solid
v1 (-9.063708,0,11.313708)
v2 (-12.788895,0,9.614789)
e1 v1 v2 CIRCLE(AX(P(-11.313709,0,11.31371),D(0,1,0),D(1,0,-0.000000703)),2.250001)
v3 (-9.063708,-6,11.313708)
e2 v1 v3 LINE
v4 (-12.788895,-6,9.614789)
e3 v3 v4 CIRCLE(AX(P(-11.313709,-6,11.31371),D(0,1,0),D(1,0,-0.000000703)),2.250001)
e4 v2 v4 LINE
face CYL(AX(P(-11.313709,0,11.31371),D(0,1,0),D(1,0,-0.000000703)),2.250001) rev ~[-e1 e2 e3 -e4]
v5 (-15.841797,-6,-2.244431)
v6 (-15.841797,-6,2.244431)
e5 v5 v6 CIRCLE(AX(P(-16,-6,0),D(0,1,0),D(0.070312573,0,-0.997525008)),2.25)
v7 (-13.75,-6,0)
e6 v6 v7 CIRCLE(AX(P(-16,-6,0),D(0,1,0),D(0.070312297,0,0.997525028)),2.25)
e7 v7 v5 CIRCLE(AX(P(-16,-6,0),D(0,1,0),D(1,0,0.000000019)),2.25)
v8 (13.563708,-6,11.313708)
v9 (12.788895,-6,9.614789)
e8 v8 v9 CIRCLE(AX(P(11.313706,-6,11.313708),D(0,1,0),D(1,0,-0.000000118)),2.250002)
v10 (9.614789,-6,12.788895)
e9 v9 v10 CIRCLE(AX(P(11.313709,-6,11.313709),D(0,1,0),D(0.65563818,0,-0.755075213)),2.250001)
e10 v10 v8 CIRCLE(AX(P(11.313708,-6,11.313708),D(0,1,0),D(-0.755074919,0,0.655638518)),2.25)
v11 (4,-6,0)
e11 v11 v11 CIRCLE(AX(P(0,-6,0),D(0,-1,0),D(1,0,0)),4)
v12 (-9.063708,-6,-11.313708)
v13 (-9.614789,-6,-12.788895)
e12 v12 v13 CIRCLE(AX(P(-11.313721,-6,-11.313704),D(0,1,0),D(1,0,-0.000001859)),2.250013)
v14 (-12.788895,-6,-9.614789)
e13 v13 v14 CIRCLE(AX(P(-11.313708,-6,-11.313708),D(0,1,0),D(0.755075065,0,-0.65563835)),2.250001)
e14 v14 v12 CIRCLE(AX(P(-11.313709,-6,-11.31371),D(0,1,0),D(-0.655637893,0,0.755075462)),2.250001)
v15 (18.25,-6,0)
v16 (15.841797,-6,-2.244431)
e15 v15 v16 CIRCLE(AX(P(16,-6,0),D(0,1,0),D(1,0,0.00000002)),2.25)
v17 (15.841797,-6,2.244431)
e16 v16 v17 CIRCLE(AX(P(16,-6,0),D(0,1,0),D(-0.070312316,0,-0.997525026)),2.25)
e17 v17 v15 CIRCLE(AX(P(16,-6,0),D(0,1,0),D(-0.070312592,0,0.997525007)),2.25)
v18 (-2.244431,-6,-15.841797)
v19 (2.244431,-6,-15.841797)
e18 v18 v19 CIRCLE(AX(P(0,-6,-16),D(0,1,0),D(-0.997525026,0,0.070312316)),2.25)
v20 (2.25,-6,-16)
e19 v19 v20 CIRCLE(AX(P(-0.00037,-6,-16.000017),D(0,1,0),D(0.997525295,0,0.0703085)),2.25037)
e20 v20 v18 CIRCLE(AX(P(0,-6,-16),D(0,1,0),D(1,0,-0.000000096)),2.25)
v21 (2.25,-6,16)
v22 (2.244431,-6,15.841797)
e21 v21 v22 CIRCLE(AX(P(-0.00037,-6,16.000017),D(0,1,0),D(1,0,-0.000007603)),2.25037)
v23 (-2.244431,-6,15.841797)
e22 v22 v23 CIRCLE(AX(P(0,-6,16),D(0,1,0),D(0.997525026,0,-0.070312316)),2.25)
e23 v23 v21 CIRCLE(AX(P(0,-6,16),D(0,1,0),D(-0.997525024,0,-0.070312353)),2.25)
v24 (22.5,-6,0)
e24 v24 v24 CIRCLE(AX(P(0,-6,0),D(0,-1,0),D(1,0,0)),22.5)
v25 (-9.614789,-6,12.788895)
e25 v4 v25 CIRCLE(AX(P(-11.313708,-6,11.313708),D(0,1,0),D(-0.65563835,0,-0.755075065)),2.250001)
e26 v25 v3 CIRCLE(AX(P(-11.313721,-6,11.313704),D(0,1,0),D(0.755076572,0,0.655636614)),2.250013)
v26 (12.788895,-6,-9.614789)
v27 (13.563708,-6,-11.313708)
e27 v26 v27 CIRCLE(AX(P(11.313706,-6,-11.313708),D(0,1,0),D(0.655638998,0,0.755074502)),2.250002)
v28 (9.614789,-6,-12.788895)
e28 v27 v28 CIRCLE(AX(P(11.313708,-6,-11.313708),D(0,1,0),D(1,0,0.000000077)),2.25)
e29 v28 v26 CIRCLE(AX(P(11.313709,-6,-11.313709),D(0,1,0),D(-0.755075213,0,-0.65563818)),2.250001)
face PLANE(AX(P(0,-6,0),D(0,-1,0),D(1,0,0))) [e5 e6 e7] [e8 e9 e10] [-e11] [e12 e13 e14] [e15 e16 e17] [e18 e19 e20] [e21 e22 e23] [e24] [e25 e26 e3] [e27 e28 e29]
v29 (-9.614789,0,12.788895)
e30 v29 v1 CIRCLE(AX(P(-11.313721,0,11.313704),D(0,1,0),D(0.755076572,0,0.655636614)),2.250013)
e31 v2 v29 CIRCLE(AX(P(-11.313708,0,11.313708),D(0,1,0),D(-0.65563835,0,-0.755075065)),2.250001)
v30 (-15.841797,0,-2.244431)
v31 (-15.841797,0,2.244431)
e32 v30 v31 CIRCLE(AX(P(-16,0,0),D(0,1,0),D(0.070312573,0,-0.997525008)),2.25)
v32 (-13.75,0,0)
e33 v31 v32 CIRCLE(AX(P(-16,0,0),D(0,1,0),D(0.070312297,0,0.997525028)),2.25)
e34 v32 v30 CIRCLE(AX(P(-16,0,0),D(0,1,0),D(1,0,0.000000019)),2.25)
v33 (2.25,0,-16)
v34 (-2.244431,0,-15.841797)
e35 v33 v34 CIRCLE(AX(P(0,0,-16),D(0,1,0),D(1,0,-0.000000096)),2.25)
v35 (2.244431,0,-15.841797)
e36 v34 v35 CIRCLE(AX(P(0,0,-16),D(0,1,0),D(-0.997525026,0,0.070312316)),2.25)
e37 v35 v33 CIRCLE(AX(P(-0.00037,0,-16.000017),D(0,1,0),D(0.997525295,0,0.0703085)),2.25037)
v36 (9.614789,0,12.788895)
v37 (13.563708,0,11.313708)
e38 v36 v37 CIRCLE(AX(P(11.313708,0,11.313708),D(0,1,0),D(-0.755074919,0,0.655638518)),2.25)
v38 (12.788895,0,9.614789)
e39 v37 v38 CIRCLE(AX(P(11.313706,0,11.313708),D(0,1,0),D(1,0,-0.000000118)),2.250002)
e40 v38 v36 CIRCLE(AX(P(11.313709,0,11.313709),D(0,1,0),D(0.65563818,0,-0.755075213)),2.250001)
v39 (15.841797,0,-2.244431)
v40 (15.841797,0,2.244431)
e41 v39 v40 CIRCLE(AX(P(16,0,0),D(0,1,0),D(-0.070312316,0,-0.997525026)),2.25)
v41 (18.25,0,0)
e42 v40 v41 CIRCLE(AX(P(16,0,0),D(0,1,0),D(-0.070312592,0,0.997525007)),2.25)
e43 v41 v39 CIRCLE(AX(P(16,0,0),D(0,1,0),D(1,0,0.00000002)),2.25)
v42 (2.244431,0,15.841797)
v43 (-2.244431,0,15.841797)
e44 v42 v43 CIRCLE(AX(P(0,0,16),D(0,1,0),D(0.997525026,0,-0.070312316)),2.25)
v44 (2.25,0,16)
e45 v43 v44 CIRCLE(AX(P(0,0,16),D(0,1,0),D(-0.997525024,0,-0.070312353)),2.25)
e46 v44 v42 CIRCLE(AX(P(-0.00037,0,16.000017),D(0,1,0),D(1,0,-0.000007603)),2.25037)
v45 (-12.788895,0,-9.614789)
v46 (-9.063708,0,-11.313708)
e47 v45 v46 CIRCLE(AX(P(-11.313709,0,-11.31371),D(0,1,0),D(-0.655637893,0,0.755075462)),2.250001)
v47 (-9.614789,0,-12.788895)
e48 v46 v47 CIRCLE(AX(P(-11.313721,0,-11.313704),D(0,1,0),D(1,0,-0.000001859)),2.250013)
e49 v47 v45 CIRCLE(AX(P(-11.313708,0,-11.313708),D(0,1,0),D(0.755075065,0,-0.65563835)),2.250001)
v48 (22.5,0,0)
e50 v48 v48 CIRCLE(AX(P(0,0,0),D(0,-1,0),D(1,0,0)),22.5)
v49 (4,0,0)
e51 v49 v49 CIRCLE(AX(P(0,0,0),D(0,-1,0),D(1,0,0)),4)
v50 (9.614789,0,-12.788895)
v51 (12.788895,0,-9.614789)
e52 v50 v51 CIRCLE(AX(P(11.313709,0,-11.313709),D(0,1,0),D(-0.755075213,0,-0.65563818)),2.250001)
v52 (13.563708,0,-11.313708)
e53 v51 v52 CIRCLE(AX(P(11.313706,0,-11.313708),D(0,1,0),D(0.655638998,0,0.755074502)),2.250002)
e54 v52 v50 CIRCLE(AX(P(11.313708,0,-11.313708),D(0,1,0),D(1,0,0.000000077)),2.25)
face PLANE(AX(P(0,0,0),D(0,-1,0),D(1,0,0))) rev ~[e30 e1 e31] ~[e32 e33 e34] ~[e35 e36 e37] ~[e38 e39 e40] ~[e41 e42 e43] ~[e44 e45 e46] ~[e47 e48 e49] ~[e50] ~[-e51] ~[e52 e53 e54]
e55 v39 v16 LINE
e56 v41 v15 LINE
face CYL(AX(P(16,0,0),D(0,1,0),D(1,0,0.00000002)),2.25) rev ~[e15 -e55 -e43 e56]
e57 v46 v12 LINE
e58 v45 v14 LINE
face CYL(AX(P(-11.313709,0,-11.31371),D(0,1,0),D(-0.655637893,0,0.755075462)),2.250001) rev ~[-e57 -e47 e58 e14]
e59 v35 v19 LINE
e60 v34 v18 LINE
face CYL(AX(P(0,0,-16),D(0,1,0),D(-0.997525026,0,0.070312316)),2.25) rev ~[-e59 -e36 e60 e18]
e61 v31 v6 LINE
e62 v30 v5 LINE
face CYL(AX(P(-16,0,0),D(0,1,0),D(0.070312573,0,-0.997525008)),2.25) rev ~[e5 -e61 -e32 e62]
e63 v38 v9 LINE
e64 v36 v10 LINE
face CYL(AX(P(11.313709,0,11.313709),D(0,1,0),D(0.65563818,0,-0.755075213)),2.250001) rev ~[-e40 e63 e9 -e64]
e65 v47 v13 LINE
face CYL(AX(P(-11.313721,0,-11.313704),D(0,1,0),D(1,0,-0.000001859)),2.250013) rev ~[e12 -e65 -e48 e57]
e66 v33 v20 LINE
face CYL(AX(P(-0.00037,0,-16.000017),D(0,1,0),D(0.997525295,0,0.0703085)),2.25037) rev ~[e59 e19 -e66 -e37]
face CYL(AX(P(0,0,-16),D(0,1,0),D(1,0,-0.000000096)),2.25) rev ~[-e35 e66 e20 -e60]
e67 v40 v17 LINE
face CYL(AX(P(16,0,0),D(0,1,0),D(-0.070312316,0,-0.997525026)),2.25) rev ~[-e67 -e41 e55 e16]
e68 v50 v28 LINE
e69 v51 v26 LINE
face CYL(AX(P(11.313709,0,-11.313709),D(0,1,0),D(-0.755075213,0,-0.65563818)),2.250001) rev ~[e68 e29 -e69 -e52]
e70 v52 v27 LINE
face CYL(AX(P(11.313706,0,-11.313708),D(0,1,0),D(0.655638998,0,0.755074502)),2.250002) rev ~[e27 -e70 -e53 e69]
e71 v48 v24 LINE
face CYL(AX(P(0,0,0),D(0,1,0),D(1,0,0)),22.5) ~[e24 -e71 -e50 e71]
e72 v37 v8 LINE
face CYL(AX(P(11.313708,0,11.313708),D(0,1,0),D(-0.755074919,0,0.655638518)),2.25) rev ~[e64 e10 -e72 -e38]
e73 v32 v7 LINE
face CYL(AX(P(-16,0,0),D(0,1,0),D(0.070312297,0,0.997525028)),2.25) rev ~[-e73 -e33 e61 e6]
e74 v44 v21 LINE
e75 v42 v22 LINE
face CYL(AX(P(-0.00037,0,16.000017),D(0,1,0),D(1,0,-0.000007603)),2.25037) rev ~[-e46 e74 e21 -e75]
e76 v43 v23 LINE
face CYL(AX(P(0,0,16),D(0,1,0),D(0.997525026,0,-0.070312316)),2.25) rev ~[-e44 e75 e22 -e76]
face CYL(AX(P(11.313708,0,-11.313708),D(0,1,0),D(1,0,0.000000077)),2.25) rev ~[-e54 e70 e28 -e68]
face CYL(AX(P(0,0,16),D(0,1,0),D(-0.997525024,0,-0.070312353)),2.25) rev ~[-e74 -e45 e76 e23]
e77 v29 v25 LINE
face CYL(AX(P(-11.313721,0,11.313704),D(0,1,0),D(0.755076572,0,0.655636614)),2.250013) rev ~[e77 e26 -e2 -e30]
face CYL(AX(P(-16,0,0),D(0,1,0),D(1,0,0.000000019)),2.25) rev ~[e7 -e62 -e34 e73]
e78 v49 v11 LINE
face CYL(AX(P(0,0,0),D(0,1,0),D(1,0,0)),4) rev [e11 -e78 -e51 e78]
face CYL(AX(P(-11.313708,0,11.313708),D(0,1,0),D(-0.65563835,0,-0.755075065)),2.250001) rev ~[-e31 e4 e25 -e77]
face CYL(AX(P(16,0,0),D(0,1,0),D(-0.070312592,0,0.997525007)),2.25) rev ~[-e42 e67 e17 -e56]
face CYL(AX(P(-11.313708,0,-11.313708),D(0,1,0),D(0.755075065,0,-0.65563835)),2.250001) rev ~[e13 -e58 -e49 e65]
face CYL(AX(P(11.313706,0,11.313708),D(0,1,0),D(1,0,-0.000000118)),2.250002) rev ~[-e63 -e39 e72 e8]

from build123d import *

# Parameters (mm, degrees)
F0_R     = 22.5
F0_R_2   = 4
F1_DEPTH = 6


with BuildPart() as f1:
    # F0 (on Front) → F1 (new body)
    with BuildSketch(Plane.XZ):
        Circle(F0_R)
        with BuildLine():
            ThreePointArc((12.788895, 9.614789), (14.782073, 6.122935), (15.841797, 2.244431))
            ThreePointArc((15.841797, 2.244431), (17.534038, 1.645973), (18.25, 0))
            ThreePointArc((18.25, 0), (17.534038, -1.645973), (15.841797, -2.244431))
            ThreePointArc((15.841797, -2.244431), (14.782073, -6.122935), (12.788895, -9.614789))
            ThreePointArc((12.788895, -9.614789), (13.360861, -10.380078), (13.563708, -11.313708))
            ThreePointArc((13.563708, -11.313708), (12.101088, -13.42144), (9.614789, -12.788895))
            ThreePointArc((9.614789, -12.788895), (6.122935, -14.782073), (2.244431, -15.841797))
            ThreePointArc((2.244431, -15.841797), (2.248607, -15.920849), (2.25, -16))
            ThreePointArc((2.25, -16), (-0.079151, -18.248607), (-2.244431, -15.841797))
            ThreePointArc((-2.244431, -15.841797), (-6.122935, -14.782073), (-9.614789, -12.788895))
            ThreePointArc((-9.614789, -12.788895), (-12.904699, -12.904699), (-12.788895, -9.614789))
            ThreePointArc((-12.788895, -9.614789), (-14.782073, -6.122935), (-15.841797, -2.244431))
            ThreePointArc((-15.841797, -2.244431), (-18.25, 0), (-15.841797, 2.244431))
            ThreePointArc((-15.841797, 2.244431), (-14.782073, 6.122935), (-12.788895, 9.614789))
            ThreePointArc((-12.788895, 9.614789), (-12.904699, 12.904699), (-9.614789, 12.788895))
            ThreePointArc((-9.614789, 12.788895), (-6.122935, 14.782073), (-2.244431, 15.841797))
            ThreePointArc((-2.244431, 15.841797), (-0.079151, 18.248607), (2.25, 16))
            ThreePointArc((2.25, 16), (2.248607, 15.920849), (2.244431, 15.841797))
            ThreePointArc((2.244431, 15.841797), (6.122935, 14.782073), (9.614789, 12.788895))
            ThreePointArc((9.614789, 12.788895), (12.101088, 13.42144), (13.563708, 11.313708))
            ThreePointArc((13.563708, 11.313708), (13.360861, 10.380078), (12.788895, 9.614789))
        make_face(mode=Mode.SUBTRACT)
        with BuildLine():
            ThreePointArc((15.841797, -2.244431), (13.75, 0), (15.841797, 2.244431))
            ThreePointArc((15.841797, 2.244431), (14.782073, 6.122935), (12.788895, 9.614789))
            ThreePointArc((12.788895, 9.614789), (9.722718, 9.722718), (9.614789, 12.788895))
            ThreePointArc((9.614789, 12.788895), (6.122935, 14.782073), (2.244431, 15.841797))
            ThreePointArc((2.244431, 15.841797), (0, 13.75), (-2.244431, 15.841797))
            ThreePointArc((-2.244431, 15.841797), (-6.122935, 14.782073), (-9.614789, 12.788895))
            ThreePointArc((-9.614789, 12.788895), (-9.205977, 12.101088), (-9.063708, 11.313708))
            ThreePointArc((-9.063708, 11.313708), (-10.380078, 9.266556), (-12.788895, 9.614789))
            ThreePointArc((-12.788895, 9.614789), (-14.782073, 6.122935), (-15.841797, 2.244431))
            ThreePointArc((-15.841797, 2.244431), (-14.354027, 1.534038), (-13.75, 0))
            ThreePointArc((-13.75, 0), (-14.354027, -1.534038), (-15.841797, -2.244431))
            ThreePointArc((-15.841797, -2.244431), (-14.782073, -6.122935), (-12.788895, -9.614789))
            ThreePointArc((-12.788895, -9.614789), (-10.380078, -9.266556), (-9.063708, -11.313708))
            ThreePointArc((-9.063708, -11.313708), (-9.205977, -12.101088), (-9.614789, -12.788895))
            ThreePointArc((-9.614789, -12.788895), (-6.122935, -14.782073), (-2.244431, -15.841797))
            ThreePointArc((-2.244431, -15.841797), (0, -13.75), (2.244431, -15.841797))
            ThreePointArc((2.244431, -15.841797), (6.122935, -14.782073), (9.614789, -12.788895))
            ThreePointArc((9.614789, -12.788895), (9.722718, -9.722718), (12.788895, -9.614789))
            ThreePointArc((12.788895, -9.614789), (14.782073, -6.122935), (15.841797, -2.244431))
        make_face()
        Circle(F0_R_2, mode=Mode.SUBTRACT)
    extrude(amount=F1_DEPTH)


solid = f1.part
